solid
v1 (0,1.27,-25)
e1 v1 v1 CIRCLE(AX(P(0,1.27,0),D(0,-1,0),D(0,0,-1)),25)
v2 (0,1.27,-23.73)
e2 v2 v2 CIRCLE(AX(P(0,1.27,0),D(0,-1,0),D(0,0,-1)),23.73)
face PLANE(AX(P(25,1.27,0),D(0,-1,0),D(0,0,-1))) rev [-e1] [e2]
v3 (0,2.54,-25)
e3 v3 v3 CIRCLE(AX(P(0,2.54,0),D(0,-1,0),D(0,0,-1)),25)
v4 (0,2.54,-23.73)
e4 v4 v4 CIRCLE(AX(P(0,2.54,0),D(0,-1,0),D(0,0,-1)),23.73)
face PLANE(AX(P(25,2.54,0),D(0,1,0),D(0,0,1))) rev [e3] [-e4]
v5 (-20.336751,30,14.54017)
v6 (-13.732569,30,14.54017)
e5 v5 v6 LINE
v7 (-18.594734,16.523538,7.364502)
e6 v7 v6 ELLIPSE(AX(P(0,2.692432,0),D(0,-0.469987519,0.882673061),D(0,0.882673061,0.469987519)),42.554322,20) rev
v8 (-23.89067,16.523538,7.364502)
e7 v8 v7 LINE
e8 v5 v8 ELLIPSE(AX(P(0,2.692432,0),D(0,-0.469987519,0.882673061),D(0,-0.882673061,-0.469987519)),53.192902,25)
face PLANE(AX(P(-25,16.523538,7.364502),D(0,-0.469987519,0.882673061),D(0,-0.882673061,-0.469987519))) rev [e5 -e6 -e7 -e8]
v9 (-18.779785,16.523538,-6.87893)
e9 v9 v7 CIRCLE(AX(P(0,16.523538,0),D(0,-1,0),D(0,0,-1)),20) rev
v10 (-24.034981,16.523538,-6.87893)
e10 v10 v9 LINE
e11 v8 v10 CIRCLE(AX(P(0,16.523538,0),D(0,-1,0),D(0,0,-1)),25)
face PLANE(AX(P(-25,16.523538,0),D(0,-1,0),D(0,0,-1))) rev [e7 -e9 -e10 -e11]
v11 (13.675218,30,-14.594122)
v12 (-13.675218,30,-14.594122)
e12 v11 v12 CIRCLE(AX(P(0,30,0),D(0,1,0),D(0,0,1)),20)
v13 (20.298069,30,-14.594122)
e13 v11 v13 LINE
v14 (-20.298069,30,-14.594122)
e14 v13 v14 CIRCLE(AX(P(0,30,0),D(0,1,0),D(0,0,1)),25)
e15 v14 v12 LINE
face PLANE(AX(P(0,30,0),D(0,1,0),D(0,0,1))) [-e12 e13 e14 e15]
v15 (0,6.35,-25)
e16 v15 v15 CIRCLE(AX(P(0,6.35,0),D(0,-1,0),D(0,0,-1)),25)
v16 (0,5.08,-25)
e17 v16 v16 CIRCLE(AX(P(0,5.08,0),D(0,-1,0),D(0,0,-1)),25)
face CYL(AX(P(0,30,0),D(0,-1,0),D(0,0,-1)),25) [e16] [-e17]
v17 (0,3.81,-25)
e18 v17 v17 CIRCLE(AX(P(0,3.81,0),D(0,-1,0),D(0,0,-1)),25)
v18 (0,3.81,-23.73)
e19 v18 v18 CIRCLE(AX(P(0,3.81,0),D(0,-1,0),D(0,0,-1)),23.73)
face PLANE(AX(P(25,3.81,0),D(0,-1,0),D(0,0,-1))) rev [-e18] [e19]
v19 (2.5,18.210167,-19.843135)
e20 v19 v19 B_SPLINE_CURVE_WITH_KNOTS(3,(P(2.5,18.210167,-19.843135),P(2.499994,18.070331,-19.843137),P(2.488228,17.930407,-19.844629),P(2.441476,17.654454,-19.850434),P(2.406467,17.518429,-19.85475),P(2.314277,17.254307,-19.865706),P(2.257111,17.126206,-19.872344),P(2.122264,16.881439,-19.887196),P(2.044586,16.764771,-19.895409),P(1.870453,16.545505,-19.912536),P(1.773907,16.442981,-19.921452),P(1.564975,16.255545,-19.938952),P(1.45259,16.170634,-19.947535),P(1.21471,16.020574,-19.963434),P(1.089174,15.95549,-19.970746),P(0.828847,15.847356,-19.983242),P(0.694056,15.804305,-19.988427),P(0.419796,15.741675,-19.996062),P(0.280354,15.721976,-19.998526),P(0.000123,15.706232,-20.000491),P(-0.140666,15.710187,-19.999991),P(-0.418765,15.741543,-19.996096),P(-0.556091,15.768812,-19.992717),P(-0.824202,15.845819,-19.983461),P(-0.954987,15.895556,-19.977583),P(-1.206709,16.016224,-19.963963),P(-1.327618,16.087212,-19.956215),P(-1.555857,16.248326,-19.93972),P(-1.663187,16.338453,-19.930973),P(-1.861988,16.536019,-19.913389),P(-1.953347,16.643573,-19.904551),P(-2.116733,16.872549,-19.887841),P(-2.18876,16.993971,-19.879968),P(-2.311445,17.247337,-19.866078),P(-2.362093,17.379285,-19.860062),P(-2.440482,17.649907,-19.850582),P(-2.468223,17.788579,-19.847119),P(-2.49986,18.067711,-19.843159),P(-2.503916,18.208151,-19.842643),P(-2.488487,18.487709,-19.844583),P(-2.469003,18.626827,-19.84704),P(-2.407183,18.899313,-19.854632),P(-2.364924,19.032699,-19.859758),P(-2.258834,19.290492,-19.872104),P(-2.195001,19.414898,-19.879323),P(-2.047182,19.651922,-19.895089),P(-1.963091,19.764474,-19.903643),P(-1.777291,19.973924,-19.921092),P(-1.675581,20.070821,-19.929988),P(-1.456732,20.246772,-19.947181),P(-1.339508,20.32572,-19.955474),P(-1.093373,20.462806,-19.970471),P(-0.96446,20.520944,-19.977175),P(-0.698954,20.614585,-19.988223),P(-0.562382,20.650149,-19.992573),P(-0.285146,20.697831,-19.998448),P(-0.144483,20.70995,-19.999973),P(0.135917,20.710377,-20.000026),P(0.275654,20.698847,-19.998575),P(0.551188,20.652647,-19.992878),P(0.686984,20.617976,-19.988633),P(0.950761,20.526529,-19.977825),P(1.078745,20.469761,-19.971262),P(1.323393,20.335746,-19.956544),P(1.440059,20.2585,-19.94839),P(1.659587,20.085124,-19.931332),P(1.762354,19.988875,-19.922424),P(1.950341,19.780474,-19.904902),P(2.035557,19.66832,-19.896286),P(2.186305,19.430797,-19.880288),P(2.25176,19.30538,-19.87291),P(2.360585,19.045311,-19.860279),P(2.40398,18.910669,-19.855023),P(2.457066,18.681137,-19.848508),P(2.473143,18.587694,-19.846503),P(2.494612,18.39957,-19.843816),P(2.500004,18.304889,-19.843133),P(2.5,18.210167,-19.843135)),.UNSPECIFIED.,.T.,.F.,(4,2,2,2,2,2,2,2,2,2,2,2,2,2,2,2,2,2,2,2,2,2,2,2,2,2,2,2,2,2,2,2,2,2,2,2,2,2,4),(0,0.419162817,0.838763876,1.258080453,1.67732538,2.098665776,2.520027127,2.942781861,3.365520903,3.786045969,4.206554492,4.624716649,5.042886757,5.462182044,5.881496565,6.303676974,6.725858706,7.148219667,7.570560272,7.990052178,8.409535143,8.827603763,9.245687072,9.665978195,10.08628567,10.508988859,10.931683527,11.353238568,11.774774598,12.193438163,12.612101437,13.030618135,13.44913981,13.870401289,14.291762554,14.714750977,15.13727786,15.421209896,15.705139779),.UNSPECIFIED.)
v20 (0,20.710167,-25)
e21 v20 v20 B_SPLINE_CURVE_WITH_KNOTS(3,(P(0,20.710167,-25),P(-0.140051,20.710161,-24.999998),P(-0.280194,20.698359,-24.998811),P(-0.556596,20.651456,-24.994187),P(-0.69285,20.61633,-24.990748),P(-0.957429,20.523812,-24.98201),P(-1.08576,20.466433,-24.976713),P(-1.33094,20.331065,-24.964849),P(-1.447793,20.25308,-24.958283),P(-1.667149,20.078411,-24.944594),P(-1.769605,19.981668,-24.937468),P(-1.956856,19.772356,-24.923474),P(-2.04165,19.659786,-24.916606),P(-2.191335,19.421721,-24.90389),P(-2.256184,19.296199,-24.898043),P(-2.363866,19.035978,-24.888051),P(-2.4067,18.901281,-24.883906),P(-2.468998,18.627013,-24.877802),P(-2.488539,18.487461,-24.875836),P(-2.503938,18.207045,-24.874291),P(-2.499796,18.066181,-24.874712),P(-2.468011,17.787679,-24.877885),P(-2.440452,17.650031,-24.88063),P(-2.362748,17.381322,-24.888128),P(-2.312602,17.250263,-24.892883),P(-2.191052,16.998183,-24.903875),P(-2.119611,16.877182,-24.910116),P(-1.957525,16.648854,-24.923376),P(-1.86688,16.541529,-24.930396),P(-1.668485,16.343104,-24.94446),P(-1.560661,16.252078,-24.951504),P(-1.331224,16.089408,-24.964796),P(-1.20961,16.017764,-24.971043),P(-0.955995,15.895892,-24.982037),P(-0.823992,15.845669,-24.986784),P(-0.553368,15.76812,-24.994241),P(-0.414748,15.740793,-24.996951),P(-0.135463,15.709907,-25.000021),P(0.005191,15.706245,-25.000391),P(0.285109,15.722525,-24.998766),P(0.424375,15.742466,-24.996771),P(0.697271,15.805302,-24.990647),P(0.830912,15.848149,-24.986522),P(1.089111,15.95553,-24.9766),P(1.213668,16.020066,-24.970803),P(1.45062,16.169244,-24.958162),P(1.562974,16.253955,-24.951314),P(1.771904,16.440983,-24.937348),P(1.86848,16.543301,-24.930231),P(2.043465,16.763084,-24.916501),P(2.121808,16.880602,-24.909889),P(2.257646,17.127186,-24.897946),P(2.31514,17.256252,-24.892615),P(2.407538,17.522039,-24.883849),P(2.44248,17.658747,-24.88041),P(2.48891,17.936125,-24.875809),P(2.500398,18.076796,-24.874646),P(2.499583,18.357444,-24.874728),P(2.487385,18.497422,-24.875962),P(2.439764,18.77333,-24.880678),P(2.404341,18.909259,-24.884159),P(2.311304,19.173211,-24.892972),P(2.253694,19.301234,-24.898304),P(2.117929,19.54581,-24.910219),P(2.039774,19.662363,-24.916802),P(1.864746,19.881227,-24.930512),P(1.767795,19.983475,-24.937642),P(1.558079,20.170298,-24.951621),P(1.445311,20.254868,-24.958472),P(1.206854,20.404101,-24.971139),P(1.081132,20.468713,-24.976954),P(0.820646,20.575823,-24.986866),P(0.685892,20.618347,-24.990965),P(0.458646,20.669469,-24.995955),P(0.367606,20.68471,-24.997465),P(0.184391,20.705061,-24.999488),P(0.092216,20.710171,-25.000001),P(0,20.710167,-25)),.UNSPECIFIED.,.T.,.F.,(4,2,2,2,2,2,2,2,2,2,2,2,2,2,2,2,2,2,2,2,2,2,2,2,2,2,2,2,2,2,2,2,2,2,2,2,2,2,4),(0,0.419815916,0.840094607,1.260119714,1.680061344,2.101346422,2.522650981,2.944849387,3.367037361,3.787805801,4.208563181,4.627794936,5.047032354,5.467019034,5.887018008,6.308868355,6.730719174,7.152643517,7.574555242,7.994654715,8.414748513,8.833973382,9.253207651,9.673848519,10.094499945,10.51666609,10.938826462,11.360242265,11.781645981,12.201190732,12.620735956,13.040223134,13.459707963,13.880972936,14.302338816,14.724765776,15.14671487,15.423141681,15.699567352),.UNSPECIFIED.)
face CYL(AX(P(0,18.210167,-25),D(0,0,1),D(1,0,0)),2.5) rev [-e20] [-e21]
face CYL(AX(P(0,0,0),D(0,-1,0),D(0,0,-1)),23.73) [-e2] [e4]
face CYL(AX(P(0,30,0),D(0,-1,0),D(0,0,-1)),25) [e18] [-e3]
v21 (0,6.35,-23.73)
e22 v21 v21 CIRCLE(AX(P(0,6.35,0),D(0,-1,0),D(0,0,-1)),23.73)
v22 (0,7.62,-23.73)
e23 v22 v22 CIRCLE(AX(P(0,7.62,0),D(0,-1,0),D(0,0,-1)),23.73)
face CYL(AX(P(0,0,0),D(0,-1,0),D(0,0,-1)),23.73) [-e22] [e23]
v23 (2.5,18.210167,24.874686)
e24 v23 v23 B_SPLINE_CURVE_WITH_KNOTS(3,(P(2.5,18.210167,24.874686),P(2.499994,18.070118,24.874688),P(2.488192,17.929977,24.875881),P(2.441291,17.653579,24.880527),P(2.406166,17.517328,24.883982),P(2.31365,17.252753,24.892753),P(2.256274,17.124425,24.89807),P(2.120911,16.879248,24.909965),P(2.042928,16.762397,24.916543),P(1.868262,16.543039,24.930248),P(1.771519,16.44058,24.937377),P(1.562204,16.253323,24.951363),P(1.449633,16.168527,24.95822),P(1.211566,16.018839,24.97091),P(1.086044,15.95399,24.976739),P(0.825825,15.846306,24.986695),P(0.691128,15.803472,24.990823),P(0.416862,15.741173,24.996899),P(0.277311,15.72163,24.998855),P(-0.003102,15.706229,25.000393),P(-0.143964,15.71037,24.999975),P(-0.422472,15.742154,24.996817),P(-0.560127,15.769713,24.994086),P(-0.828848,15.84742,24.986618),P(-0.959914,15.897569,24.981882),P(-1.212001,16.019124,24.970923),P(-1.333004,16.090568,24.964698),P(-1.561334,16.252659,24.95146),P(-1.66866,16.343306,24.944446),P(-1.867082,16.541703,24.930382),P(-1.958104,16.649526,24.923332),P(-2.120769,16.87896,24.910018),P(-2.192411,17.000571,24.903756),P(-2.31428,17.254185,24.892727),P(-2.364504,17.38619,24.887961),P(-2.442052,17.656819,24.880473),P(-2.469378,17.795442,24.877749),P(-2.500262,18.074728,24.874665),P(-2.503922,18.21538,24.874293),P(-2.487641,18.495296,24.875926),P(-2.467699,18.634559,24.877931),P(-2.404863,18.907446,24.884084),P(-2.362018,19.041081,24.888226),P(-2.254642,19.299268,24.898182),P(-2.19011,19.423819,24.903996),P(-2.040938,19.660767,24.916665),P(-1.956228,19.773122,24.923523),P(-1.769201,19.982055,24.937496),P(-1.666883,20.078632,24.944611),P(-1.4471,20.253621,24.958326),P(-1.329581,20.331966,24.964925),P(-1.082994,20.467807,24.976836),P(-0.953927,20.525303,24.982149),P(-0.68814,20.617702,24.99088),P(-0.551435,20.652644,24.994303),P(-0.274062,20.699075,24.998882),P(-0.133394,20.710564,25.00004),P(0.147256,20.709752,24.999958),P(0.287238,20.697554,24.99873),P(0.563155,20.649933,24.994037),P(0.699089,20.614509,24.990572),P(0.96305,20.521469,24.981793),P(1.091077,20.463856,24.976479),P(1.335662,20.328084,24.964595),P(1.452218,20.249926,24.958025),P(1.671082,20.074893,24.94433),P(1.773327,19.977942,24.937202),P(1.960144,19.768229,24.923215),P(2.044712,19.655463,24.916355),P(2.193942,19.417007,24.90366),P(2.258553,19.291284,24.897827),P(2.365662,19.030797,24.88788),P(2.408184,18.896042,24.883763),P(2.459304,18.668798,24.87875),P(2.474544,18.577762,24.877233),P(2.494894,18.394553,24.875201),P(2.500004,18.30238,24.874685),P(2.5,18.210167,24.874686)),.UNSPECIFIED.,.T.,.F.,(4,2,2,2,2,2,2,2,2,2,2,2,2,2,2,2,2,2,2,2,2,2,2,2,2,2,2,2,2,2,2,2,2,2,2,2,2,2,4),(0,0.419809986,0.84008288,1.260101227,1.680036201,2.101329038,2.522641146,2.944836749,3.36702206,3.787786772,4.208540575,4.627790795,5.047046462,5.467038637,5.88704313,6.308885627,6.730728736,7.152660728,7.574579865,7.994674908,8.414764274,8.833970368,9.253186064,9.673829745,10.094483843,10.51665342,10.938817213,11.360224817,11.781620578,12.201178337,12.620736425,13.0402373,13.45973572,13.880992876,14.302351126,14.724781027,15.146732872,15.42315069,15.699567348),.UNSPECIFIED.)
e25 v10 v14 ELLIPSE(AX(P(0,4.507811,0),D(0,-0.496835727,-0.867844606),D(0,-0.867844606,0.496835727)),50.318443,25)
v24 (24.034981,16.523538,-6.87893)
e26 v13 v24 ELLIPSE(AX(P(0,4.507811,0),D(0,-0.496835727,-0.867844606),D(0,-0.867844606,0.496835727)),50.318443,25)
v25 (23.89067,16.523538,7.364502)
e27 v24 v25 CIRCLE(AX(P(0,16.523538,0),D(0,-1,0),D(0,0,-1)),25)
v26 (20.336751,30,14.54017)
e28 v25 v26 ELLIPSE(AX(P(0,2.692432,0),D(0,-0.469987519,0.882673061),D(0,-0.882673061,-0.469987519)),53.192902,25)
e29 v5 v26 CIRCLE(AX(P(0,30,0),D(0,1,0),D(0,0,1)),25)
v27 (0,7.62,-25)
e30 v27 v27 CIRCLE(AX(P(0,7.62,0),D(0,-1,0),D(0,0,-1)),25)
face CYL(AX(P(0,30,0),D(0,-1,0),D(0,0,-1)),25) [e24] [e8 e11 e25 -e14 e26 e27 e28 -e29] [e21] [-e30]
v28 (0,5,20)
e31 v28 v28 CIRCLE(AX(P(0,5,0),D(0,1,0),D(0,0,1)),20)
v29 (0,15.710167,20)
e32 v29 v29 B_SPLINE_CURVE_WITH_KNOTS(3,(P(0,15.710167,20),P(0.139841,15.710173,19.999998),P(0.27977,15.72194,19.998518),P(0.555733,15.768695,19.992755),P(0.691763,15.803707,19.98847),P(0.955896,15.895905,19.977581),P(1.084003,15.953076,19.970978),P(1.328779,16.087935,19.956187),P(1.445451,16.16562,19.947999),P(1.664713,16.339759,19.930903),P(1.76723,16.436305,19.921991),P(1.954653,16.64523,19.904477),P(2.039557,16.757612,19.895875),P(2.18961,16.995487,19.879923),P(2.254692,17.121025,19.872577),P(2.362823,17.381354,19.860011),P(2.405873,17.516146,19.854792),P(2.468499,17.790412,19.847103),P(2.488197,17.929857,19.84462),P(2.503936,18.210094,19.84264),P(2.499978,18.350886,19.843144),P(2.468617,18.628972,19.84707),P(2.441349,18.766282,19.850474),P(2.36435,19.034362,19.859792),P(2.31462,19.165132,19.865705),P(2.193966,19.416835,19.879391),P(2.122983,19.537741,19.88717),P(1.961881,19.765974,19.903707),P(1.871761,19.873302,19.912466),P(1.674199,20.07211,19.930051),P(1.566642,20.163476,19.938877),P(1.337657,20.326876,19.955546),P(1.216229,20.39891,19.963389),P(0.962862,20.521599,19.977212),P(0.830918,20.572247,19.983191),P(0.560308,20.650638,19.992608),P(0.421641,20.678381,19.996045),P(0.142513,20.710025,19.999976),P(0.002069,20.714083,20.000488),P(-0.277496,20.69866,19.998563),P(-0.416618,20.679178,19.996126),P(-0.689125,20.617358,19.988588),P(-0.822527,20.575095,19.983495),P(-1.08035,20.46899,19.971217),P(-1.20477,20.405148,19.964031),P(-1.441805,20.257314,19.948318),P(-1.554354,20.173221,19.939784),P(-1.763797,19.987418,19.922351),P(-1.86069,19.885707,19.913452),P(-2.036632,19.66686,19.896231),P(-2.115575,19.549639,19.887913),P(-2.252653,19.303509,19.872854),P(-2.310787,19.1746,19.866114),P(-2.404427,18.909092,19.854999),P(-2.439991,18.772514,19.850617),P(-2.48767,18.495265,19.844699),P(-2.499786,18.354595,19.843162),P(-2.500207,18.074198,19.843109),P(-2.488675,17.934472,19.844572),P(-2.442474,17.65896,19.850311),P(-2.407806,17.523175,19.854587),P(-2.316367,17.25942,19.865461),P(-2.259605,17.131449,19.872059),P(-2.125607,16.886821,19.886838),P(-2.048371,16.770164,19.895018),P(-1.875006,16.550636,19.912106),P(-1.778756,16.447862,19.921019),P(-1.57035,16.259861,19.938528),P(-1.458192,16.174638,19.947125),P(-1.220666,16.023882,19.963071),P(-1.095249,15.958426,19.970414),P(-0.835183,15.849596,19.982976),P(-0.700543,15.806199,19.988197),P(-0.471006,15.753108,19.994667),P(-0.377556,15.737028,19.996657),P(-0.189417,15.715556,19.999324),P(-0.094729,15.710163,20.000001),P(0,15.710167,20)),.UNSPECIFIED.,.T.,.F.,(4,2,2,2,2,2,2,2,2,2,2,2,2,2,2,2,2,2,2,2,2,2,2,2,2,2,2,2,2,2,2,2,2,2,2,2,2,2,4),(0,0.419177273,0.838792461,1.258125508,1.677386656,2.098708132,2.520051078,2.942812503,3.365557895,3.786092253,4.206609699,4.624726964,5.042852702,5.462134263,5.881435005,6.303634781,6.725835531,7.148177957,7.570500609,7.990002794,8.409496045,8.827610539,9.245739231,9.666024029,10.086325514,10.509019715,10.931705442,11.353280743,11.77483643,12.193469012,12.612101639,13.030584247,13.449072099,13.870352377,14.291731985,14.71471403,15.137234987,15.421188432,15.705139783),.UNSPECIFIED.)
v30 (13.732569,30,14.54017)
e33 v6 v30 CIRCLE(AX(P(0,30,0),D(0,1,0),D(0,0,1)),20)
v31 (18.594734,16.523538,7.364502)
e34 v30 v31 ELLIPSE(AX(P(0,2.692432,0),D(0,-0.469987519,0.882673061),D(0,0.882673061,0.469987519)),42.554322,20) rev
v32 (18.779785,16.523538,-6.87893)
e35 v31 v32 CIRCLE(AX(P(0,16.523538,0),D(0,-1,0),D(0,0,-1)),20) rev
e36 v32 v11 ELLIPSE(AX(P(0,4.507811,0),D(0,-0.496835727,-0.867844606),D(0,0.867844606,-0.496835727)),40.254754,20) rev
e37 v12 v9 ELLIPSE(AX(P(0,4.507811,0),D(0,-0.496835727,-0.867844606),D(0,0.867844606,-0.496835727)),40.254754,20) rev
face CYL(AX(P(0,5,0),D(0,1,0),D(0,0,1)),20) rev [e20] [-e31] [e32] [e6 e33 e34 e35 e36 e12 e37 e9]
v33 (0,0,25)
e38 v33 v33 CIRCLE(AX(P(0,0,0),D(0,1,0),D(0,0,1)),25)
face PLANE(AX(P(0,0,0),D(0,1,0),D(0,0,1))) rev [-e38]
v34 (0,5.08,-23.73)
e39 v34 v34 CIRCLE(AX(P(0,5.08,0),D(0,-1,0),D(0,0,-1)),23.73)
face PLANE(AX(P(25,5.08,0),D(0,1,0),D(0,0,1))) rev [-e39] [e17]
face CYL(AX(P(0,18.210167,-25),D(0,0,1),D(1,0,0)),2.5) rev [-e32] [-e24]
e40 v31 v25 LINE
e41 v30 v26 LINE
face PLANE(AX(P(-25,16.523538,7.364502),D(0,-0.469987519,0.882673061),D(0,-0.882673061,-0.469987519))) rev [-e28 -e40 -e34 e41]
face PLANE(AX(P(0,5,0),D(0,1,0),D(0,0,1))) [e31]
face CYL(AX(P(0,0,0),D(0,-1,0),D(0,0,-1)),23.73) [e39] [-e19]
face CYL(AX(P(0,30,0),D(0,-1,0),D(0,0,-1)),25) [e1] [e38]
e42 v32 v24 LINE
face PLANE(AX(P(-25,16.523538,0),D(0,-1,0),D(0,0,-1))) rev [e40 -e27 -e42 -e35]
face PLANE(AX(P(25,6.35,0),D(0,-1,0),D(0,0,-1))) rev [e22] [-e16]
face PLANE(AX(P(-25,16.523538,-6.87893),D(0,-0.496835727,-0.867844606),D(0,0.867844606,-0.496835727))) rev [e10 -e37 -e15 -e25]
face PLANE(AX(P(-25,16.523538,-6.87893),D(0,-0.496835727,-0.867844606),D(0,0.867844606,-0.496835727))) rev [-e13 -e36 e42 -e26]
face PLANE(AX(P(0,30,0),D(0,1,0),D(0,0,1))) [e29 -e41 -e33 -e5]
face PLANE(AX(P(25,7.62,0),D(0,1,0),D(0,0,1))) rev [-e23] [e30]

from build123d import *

# Parameters (mm, degrees)
SKETCH1_R               = 25
BOSS_EXTRUDE1_DEPTH     = 30
SKETCH2_W               = 1.27
SKETCH2_H               = 1.27
SKETCH10_R              = 20
CUT_EXTRUDE1_DEPTH      = 25
CUT_EXTRUDE2_DEPTH      = 47.368092477
CUT_EXTRUDE2_DEPTH_BACK = 47.368092477
CUT_EXTRUDE3_DEPTH      = 47.368092477
CUT_EXTRUDE3_DEPTH_BACK = 47.368092477
SKETCH12_R              = 2.5


with BuildPart() as part:
    # Sketch1 → Boss-Extrude1 (new body)
    with BuildSketch(Plane(origin=(0, 0, 0), x_dir=(1, 0, 0), z_dir=(0, 1, 0))):
        Circle(SKETCH1_R)
    extrude(amount=BOSS_EXTRUDE1_DEPTH)

    # Sketch2 → Cut-Revolve1 (revolve, cut)
    with BuildSketch(Plane.XY):
        with Locations((24.365, 1.905)):
            Rectangle(SKETCH2_W, SKETCH2_H)
        with Locations((24.365, 4.445)):
            Rectangle(SKETCH2_W, SKETCH2_H)
        with Locations((24.365, 6.985)):
            Rectangle(SKETCH2_W, SKETCH2_H)
    revolve(axis=Axis((0, 0, 0), (0, 1, 0)), mode=Mode.SUBTRACT)

    # Sketch10 → Cut-Extrude1 (cut)
    with BuildSketch(Plane(origin=(0, 30, 0), x_dir=(1, 0, 0), z_dir=(0, 1, 0))):
        Circle(SKETCH10_R)
    extrude(amount=-CUT_EXTRUDE1_DEPTH, mode=Mode.SUBTRACT)

    # Sketch11 → Cut-Extrude2 (cut, two sides: drawn at the far end of the back side and taken through both)
    with BuildSketch(Plane(origin=(0, 0, 0), x_dir=(0, 0, -1), z_dir=(1, 0, 0)).offset(-CUT_EXTRUDE2_DEPTH_BACK)):
        Polygon((0, 16.523537724), (6.878930104, 16.523537724), (14.594122298, 30), (-14.540169905, 30), (-7.36450164, 16.523537724), align=None)
    extrude(amount=CUT_EXTRUDE2_DEPTH + CUT_EXTRUDE2_DEPTH_BACK, mode=Mode.SUBTRACT)

    # Sketch12 → Cut-Extrude3 (cut, two sides: drawn at the far end of the back side and taken through both)
    with BuildSketch(Plane.XY.offset(-CUT_EXTRUDE3_DEPTH_BACK)):
        with Locations((0, 18.210167382)):
            Circle(SKETCH12_R)
    extrude(amount=CUT_EXTRUDE3_DEPTH + CUT_EXTRUDE3_DEPTH_BACK, mode=Mode.SUBTRACT)


solid = part.part
